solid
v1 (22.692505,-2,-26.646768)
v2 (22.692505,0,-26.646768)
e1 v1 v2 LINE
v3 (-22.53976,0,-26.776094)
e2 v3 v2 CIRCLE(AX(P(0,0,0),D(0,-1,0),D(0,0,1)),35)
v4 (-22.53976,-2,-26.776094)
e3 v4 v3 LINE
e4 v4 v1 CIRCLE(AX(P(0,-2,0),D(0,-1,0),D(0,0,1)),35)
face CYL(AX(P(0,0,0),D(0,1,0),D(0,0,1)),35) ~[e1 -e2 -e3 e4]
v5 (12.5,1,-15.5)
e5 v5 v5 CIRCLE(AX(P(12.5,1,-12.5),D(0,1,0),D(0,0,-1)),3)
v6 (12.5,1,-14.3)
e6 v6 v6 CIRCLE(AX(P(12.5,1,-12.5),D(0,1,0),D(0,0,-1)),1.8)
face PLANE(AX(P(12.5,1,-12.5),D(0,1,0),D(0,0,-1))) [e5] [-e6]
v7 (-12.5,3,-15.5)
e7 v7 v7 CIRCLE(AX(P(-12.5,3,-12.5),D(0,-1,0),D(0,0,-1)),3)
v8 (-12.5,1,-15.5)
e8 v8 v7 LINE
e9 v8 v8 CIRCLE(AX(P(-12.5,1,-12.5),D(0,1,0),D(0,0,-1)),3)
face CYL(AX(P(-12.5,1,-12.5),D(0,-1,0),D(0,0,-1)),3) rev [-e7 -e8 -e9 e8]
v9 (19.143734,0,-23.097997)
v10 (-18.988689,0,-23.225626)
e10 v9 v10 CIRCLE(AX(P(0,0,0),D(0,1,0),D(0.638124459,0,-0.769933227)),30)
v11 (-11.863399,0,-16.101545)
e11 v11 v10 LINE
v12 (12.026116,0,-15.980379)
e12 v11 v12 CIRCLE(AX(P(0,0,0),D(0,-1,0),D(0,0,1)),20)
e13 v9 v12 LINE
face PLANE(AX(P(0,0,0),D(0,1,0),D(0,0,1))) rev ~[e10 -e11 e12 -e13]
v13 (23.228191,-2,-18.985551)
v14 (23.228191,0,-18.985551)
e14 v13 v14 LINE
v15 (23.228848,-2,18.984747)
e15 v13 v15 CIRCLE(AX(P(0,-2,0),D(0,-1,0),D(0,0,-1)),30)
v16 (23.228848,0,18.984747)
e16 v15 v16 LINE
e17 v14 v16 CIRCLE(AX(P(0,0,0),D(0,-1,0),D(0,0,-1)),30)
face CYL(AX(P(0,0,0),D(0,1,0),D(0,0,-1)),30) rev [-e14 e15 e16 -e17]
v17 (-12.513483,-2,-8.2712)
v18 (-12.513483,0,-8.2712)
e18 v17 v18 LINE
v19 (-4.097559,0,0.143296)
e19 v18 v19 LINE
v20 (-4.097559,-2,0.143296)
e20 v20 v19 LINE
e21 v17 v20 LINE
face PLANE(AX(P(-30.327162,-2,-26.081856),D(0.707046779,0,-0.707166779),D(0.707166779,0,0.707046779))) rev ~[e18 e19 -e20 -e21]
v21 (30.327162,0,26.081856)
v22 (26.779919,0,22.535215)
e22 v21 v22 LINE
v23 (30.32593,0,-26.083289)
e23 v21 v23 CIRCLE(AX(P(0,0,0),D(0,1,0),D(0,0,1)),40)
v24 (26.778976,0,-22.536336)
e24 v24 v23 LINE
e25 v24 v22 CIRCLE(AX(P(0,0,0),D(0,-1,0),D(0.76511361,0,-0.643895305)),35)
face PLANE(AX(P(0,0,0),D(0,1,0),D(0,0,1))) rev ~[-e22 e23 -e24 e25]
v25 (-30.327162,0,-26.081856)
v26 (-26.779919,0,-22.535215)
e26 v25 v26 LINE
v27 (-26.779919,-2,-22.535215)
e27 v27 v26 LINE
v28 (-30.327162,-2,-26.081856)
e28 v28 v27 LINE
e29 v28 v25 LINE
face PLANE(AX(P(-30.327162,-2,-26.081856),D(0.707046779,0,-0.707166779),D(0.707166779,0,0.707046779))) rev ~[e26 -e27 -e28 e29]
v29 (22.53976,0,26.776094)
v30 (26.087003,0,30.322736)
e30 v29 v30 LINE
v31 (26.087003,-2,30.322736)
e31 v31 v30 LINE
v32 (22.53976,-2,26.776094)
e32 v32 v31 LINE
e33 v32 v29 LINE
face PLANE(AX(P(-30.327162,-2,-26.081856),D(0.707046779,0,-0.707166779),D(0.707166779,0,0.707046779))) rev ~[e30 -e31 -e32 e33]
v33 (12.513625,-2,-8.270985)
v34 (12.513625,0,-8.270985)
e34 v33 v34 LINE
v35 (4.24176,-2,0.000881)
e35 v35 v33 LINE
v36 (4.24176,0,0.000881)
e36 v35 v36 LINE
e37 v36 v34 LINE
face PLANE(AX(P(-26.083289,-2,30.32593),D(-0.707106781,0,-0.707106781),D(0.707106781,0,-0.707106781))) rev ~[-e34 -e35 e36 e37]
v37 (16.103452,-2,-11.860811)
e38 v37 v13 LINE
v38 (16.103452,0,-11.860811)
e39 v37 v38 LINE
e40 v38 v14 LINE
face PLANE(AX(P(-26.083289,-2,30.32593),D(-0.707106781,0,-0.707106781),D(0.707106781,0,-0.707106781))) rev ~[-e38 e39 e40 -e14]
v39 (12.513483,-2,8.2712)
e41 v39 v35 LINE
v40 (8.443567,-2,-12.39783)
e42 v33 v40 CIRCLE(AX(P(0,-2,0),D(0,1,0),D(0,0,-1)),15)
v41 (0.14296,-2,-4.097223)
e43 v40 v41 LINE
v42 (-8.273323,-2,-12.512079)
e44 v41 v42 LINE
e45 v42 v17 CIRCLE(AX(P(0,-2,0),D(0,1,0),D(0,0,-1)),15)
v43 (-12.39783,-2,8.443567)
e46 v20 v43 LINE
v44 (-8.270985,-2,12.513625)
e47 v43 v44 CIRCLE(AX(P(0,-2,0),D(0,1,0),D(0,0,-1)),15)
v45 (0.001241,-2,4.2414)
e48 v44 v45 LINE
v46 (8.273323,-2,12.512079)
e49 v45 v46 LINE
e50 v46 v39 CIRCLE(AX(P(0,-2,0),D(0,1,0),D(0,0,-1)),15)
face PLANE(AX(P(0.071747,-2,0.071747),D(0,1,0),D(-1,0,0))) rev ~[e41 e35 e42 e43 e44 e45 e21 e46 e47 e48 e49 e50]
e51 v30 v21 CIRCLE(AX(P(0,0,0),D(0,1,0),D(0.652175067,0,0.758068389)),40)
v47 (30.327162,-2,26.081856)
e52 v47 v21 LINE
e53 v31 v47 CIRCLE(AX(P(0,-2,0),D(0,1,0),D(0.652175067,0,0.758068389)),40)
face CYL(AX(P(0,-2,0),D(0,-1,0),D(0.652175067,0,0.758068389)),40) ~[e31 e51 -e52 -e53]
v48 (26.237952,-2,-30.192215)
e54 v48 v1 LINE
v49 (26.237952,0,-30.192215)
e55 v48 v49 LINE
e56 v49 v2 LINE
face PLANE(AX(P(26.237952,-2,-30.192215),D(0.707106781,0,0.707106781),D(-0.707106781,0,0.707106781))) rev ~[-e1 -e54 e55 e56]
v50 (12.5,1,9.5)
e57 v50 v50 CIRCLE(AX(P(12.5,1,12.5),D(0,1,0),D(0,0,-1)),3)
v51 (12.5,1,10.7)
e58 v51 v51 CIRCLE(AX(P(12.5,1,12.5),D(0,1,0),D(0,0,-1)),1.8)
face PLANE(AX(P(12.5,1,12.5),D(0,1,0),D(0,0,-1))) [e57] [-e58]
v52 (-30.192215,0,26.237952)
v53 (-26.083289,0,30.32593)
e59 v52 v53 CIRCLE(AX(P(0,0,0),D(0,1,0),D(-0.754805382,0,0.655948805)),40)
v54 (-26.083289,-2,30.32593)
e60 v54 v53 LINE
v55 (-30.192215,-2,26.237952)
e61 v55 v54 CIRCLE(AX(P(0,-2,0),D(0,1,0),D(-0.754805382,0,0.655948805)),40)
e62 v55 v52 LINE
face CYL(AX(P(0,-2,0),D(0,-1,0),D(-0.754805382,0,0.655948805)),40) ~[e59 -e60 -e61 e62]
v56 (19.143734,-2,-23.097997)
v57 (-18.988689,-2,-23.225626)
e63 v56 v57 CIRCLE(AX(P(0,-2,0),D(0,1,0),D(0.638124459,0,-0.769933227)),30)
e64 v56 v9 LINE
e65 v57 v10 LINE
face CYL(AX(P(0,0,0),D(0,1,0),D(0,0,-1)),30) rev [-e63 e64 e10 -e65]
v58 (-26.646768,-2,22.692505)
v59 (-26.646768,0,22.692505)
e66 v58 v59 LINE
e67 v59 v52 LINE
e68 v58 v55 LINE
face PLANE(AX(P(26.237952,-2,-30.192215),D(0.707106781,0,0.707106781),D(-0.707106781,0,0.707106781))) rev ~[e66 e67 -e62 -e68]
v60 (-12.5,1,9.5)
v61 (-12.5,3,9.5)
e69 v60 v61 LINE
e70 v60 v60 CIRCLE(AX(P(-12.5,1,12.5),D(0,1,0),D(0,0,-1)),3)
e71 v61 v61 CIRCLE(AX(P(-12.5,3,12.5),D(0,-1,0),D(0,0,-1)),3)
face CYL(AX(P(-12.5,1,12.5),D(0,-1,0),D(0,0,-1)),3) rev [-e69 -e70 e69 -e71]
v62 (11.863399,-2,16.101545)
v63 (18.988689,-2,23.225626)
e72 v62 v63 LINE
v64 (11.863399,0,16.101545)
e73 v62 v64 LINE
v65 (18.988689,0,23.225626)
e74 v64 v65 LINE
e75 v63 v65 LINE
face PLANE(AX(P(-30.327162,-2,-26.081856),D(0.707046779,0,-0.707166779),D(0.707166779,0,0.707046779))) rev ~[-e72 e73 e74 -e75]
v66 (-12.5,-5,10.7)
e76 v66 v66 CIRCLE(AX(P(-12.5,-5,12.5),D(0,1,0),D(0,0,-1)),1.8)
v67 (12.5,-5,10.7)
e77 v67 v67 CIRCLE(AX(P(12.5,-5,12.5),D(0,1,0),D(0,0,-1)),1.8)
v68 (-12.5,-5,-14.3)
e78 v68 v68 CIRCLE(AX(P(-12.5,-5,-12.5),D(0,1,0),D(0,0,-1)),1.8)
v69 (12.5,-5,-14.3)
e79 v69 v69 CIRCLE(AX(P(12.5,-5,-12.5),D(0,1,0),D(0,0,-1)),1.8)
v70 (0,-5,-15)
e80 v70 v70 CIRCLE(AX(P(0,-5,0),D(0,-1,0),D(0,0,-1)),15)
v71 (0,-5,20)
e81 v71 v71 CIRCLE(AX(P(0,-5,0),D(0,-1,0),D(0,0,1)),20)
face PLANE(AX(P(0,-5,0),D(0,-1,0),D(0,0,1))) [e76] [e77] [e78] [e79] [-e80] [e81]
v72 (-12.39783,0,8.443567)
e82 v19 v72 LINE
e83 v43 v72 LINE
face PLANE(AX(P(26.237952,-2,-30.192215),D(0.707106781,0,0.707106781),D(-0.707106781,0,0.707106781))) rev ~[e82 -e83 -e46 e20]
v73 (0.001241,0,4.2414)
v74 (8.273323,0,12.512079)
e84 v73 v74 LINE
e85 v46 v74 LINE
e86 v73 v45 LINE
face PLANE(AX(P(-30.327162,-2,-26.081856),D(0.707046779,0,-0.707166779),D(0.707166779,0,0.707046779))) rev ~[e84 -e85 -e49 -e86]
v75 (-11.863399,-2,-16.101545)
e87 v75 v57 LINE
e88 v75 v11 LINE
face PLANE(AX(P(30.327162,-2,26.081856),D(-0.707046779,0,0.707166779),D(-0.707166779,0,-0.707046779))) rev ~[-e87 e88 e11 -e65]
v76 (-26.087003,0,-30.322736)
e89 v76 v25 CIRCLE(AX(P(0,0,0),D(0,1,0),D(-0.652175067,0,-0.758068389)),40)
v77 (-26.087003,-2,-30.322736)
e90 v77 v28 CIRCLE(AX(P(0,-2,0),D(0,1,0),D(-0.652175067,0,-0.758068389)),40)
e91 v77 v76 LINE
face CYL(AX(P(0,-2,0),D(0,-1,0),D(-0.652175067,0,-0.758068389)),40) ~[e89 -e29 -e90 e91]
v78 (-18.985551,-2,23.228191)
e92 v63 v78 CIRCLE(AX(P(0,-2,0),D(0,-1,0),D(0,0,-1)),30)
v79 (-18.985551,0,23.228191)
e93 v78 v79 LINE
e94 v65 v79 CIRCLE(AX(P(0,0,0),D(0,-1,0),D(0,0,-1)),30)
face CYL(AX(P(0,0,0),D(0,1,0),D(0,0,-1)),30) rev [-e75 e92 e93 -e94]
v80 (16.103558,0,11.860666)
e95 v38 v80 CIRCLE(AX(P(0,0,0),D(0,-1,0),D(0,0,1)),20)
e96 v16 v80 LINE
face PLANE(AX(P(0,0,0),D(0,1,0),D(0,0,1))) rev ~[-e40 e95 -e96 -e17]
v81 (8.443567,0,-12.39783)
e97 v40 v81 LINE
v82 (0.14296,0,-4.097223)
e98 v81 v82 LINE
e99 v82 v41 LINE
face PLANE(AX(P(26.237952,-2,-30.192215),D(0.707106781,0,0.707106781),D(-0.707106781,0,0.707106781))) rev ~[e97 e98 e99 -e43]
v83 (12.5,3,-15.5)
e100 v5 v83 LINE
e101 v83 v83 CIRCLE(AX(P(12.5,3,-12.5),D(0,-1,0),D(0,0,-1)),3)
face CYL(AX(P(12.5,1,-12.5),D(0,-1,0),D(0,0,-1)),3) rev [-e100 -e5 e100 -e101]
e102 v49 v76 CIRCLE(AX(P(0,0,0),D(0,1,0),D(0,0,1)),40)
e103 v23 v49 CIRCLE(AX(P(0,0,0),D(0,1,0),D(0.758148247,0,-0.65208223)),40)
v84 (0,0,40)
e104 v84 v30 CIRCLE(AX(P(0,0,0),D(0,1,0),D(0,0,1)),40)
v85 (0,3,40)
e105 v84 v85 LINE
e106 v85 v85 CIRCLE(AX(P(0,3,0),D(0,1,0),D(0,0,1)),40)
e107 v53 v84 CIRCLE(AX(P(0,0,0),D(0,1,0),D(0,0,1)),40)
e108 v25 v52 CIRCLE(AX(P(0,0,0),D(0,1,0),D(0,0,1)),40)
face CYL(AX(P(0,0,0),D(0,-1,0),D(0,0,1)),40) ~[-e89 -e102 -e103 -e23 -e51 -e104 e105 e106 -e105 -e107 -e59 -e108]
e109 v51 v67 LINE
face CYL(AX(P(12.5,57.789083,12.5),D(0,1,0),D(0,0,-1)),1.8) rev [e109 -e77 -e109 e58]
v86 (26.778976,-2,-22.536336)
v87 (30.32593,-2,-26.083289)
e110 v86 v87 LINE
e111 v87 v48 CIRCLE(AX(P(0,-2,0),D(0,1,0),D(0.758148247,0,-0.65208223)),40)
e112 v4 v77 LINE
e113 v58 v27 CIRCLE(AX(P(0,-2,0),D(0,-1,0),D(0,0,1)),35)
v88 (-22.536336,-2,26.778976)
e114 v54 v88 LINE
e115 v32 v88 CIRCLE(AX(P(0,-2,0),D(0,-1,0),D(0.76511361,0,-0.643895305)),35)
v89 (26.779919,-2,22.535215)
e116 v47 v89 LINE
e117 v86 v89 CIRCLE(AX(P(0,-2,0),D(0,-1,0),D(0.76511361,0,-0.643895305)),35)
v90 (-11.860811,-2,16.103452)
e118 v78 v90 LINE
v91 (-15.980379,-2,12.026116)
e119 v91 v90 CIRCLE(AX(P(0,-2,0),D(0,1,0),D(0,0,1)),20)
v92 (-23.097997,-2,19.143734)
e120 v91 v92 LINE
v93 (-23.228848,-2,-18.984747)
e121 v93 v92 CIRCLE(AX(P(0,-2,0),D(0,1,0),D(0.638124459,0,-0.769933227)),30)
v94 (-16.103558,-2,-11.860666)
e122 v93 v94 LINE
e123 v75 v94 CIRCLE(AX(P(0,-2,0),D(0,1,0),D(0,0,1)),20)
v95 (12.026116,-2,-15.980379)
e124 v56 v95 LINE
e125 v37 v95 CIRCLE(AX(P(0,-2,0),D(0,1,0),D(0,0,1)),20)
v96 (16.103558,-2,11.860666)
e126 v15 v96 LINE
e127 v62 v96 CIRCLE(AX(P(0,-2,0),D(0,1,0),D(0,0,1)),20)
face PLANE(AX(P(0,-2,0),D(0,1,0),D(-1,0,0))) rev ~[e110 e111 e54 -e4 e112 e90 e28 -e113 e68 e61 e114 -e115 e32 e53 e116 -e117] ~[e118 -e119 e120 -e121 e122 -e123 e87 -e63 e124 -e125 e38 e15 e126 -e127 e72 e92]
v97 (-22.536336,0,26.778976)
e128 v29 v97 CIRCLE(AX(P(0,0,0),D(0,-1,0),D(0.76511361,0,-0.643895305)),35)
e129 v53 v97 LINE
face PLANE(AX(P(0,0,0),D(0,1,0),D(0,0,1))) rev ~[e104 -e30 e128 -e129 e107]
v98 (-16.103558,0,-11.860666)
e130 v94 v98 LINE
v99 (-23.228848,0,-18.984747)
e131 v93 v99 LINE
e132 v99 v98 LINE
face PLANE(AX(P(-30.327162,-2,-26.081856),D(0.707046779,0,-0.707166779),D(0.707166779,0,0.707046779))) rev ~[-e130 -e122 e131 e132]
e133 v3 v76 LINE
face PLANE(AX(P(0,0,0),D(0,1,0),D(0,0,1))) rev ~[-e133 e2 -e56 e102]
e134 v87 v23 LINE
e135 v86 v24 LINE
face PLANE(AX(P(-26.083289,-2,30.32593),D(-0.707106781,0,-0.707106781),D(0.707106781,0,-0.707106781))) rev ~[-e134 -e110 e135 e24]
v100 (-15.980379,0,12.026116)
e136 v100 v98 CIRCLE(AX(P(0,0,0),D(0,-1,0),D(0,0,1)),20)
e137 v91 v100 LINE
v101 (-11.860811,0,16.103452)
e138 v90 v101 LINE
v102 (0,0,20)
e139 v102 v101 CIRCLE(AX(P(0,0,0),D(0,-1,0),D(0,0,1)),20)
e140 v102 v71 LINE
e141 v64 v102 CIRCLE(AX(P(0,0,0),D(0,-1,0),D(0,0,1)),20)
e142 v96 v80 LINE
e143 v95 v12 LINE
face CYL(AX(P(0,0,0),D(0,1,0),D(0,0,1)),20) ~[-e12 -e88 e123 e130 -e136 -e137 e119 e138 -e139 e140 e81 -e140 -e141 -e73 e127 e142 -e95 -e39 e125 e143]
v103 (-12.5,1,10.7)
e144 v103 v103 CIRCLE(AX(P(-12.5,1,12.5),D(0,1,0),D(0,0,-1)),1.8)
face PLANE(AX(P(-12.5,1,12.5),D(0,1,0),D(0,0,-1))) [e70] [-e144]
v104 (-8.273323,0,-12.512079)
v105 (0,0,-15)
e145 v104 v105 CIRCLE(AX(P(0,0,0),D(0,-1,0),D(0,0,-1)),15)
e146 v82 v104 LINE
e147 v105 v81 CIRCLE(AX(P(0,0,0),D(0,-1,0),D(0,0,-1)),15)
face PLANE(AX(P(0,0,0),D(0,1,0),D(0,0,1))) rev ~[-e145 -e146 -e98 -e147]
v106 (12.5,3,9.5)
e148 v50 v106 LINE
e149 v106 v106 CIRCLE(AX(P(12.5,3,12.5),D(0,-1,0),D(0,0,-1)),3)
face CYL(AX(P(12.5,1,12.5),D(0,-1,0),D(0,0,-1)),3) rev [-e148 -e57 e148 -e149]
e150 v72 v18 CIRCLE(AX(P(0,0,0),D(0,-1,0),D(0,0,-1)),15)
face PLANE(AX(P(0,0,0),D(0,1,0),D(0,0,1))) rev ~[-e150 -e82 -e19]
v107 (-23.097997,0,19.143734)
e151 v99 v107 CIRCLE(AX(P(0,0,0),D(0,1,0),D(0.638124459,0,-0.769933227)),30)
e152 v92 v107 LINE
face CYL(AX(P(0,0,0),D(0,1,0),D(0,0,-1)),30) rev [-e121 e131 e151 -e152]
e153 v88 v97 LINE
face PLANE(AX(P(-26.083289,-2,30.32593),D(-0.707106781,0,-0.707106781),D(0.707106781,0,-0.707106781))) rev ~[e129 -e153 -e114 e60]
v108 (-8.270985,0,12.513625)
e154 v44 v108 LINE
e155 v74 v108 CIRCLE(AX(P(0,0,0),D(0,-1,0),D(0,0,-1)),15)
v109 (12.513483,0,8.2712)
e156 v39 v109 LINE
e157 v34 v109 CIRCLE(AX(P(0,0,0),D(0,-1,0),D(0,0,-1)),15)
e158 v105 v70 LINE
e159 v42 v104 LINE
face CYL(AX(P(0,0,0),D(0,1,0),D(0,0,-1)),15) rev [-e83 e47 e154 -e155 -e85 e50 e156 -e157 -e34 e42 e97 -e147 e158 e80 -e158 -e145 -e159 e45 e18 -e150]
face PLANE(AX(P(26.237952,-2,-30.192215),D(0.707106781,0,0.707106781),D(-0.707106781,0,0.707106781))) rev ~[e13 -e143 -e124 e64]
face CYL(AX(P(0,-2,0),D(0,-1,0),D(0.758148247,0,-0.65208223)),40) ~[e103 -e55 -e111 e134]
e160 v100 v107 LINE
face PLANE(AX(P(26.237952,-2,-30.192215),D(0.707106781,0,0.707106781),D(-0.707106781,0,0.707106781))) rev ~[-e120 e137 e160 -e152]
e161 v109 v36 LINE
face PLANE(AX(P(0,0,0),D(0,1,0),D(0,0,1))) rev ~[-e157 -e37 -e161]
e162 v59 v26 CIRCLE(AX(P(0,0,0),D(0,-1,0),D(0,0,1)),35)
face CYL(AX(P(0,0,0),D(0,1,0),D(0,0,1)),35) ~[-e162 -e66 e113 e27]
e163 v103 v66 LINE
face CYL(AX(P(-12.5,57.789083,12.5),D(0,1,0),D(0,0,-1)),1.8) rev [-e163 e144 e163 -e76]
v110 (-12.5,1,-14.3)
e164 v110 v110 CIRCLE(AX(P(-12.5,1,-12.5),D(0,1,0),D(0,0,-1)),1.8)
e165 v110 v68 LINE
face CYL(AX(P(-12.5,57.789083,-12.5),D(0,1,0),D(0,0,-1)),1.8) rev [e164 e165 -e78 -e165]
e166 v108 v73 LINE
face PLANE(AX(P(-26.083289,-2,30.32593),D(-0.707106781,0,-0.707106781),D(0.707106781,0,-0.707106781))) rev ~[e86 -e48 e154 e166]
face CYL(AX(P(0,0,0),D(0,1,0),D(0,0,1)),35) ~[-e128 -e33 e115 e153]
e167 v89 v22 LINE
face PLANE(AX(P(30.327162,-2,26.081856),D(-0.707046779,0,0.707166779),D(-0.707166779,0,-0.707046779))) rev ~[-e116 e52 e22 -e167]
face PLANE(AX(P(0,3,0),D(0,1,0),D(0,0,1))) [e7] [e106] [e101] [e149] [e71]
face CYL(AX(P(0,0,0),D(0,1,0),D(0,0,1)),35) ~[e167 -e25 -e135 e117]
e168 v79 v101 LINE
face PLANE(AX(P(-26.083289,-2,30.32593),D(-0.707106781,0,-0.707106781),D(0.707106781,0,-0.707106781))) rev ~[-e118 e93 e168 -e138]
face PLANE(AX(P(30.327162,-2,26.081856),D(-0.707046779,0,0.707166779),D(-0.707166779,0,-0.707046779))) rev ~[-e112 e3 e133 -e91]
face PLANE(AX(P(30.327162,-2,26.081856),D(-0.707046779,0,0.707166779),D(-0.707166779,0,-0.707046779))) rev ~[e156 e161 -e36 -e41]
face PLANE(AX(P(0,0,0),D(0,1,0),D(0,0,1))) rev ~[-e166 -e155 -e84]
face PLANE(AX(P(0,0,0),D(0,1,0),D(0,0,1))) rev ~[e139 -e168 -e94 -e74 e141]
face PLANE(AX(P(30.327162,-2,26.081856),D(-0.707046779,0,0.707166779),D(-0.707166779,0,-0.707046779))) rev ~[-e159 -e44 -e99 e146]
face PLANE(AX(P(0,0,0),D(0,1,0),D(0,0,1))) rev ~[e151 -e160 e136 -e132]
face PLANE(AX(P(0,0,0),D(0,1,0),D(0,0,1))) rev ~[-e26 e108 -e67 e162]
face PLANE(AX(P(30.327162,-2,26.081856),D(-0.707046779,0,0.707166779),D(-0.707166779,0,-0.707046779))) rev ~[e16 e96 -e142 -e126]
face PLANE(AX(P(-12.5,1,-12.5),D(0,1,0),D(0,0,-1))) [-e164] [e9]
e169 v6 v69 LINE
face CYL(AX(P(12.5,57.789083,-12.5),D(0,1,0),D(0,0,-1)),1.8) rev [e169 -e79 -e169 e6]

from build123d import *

# Parameters (mm, degrees)
SKETCH_1_R               = 40
EXTRUDE_1_DEPTH          = 3
SKETCH_2_R               = 35
SKETCH_2_R_2             = 30
EXTRUDE_2_DEPTH          = 2
SKETCH_3_R               = 20
SKETCH_3_R_2             = 15
EXTRUDE_3_DEPTH          = 5
EXTRUDE_START            = 2
EXTRUDE_5_DEPTH          = 2
EXTRUDE_4_DEPTH          = 2
CUT_EXTRUDE_2_DEPTH      = 57.789083458
CUT_EXTRUDE_2_DEPTH_BACK = 57.789083458
SKETCH_8_R               = 1.8
CUT_EXTRUDE_3_DEPTH      = 58.131427428
CUT_EXTRUDE_3_DEPTH_BACK = 2
SKETCH_9_R               = 3


with BuildPart() as part:
    # 草图1 → 凸台-拉伸1 (new body)
    with BuildSketch(Plane(origin=(0, 0, 0), x_dir=(1, 0, 0), z_dir=(0, 1, 0))):
        with Locations(Location((0, 0, 0), (0, 0, 270))):
            Circle(SKETCH_1_R)
    extrude(amount=EXTRUDE_1_DEPTH)

    # 草图2 → 凸台-拉伸2 (add)
    with BuildSketch(Plane.XZ):
        with Locations(Location((0, 0, 0), (0, 0, 90))):
            Circle(SKETCH_2_R)
        with Locations(Location((0, 0, 0), (0, 0, 270))):
            Circle(SKETCH_2_R_2, mode=Mode.SUBTRACT)
    extrude(amount=EXTRUDE_2_DEPTH)

    # 草图3 → 凸台-拉伸3 (add)
    with BuildSketch(Plane.XZ):
        with Locations(Location((0, 0, 0), (0, 0, 90))):
            Circle(SKETCH_3_R)
        with Locations(Location((0, 0, 0), (0, 0, 270))):
            Circle(SKETCH_3_R_2, mode=Mode.SUBTRACT)
    extrude(amount=EXTRUDE_3_DEPTH)

    # 草图7 → 凸台-拉伸5 (add)
    with BuildSketch(Plane.XZ.offset(EXTRUDE_START)):
        with BuildLine():
            Line((-26.083289209, 30.325929896), (30.325929896, -26.083289209))
            ThreePointArc((30.325929896, -26.083289209), (28.356463256, -28.211894506), (26.237952221, -30.192215275))
            Line((26.237952221, -30.192215275), (-30.192215275, 26.237952221))
            ThreePointArc((-30.192215275, 26.237952221), (-28.211894506, 28.356463256), (-26.083289209, 30.325929896))
        make_face()
    extrude(amount=-EXTRUDE_5_DEPTH)

    # 草图6 → 凸台-拉伸4 (add)
    with BuildSketch(Plane.XZ.offset(EXTRUDE_START)):
        with BuildLine():
            Line((-30.327162218, -26.081856372), (26.087002686, 30.322735543))
            ThreePointArc((26.087002686, 30.322735543), (28.286671146, 28.281871146), (30.327162218, 26.081856372))
            Line((30.327162218, 26.081856372), (-26.087002686, -30.322735543))
            ThreePointArc((-26.087002686, -30.322735543), (-28.286671146, -28.281871146), (-30.327162218, -26.081856372))
        make_face()
    extrude(amount=-EXTRUDE_4_DEPTH)

    # 草图8 → 切除-拉伸2 (cut, two sides: drawn at the far end of the back side and taken through both)
    with BuildSketch(Plane.XZ.offset(-CUT_EXTRUDE_2_DEPTH_BACK)):
        with Locations(Location((12.5, -12.5, 0), (0, 0, 270))):
            Circle(SKETCH_8_R)
        with Locations(Location((12.5, 12.5, 0), (0, 0, 270))):
            Circle(SKETCH_8_R)
        with Locations(Location((-12.5, -12.5, 0), (0, 0, 270))):
            Circle(SKETCH_8_R)
        with Locations(Location((-12.5, 12.5, 0), (0, 0, 270))):
            Circle(SKETCH_8_R)
    extrude(amount=CUT_EXTRUDE_2_DEPTH + CUT_EXTRUDE_2_DEPTH_BACK, mode=Mode.SUBTRACT)

    # 草图9 → 切除-拉伸3 (cut, two sides: drawn at the far end of the back side and taken through both)
    with BuildSketch(Plane(origin=(0, 3, 0), x_dir=(1, 0, 0), z_dir=(0, 1, 0)).offset(-CUT_EXTRUDE_3_DEPTH_BACK)):
        with Locations(Location((-12.5, 12.5, 0), (0, 0, 90))):
            Circle(SKETCH_9_R)
        with Locations(Location((12.5, 12.5, 0), (0, 0, 90))):
            Circle(SKETCH_9_R)
        with Locations(Location((-12.5, -12.5, 0), (0, 0, 90))):
            Circle(SKETCH_9_R)
        with Locations(Location((12.5, -12.5, 0), (0, 0, 90))):
            Circle(SKETCH_9_R)
    extrude(amount=CUT_EXTRUDE_3_DEPTH + CUT_EXTRUDE_3_DEPTH_BACK, mode=Mode.SUBTRACT)


solid = part.part
